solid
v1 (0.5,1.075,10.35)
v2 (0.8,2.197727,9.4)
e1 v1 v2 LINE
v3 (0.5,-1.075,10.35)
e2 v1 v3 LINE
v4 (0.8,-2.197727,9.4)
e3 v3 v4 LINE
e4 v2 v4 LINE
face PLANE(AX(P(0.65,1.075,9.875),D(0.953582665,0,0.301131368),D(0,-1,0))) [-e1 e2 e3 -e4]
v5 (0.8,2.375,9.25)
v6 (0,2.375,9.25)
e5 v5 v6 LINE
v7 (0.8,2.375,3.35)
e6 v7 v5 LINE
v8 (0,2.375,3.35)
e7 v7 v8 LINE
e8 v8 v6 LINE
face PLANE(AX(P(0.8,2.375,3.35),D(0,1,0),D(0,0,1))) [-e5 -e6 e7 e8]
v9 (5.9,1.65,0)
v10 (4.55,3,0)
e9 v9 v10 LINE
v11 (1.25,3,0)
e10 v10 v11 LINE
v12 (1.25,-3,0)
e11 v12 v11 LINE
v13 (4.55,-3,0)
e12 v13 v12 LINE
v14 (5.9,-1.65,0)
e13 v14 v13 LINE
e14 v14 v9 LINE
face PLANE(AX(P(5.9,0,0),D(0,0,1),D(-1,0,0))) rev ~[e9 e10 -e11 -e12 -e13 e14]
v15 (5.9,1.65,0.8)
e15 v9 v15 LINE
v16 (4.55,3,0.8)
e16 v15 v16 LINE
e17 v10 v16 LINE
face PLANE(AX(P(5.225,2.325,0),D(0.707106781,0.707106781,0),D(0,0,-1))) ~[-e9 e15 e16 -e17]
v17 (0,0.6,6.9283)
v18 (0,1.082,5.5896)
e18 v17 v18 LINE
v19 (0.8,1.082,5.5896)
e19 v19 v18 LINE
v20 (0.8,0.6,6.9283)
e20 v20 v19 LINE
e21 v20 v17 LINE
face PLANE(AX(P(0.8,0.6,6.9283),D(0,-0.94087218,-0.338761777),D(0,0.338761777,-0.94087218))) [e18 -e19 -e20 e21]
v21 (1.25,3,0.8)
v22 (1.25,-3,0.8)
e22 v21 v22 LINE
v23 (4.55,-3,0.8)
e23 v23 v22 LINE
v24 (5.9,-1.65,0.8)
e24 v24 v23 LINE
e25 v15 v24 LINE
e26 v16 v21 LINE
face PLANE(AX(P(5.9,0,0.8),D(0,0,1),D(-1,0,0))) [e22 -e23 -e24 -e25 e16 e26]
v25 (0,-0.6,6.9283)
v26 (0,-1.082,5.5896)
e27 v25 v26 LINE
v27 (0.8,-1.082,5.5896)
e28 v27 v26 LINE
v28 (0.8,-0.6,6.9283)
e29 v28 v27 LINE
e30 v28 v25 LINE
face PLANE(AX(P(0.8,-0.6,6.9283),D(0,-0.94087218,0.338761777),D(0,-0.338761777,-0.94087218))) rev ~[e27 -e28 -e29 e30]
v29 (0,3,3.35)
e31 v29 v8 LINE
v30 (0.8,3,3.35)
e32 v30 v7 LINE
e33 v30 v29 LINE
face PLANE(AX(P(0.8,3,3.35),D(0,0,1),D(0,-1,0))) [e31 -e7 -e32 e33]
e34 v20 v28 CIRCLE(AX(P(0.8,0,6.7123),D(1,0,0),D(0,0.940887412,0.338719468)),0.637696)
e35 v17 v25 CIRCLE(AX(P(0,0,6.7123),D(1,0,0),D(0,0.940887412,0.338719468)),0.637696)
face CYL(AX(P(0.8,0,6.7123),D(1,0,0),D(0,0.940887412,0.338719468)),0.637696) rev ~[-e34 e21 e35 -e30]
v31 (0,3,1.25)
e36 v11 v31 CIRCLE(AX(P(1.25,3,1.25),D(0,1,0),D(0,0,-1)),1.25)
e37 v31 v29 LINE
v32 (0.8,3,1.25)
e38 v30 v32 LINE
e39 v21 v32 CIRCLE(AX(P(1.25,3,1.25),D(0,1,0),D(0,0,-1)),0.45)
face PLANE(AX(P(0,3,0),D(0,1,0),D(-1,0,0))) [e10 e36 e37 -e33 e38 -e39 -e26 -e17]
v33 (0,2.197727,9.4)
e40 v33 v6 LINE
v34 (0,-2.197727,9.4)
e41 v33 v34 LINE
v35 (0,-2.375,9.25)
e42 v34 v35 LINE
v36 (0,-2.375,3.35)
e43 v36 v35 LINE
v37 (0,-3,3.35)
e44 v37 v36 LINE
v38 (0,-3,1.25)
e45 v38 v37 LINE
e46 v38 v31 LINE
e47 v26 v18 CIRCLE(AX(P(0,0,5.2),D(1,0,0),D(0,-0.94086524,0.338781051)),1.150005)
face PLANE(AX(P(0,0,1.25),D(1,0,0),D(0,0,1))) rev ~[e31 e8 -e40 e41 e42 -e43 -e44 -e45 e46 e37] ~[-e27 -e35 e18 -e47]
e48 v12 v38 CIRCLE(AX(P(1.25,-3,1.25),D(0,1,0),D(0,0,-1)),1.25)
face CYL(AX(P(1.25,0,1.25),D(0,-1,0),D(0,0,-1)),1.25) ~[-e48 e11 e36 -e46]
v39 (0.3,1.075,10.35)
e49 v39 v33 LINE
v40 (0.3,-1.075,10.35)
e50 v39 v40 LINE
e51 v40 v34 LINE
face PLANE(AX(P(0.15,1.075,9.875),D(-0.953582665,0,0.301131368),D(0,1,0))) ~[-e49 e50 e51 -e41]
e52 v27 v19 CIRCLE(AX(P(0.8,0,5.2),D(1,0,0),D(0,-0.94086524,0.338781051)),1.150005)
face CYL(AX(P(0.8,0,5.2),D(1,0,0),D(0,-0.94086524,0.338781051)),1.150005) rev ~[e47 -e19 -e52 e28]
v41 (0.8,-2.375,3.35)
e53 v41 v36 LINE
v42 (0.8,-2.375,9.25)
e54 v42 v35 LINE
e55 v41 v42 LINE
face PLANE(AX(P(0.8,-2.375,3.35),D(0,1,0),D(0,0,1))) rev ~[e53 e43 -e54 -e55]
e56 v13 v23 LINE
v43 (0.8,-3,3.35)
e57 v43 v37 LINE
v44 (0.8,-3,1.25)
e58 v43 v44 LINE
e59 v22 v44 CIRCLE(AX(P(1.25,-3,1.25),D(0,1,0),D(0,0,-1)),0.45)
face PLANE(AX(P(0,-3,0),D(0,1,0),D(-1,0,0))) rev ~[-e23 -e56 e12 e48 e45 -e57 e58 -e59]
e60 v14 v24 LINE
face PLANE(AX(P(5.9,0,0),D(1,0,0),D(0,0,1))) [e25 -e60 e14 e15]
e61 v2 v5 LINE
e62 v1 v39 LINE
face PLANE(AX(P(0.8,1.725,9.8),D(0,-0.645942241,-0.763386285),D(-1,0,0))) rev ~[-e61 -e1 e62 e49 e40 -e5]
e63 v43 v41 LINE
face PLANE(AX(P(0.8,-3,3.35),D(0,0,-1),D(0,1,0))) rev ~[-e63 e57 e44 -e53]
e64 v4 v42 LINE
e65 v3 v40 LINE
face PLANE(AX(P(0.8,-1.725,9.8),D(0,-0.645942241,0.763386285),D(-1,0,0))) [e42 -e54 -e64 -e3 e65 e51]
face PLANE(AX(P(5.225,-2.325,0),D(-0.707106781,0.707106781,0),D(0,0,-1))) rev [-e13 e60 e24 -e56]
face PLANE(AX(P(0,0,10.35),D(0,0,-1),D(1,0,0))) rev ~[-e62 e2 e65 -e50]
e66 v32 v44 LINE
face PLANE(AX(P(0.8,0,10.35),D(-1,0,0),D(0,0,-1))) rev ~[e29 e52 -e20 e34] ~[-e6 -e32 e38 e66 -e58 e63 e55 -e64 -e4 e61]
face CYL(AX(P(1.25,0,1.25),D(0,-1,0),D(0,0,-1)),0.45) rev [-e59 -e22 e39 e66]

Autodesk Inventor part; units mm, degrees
ref_plane "YZ Plane" through (0, 0, 0) normal (1, 0, 0) x (0, 1, 0)
ref_plane "XZ Plane" through (0, 0, 0) normal (0, 1, 0) x (-1, 0, 0)
ref_plane "XY Plane" through (0, 0, 0) normal (0, 0, 1) x (1, 0, 0)
sketch "Sketch1" plane through (0, 0, 0) normal (0, 1, 0) x (-1, 0, 0)
  line L0 (-5.9, 0) -> (-1.25, 0)
  line L1 (-5.9, 0) -> (-5.9, 0.8)
  line L2 (-5.9, 0.8) -> (-1.25, 0.8)
  line L3 (0, 1.25) -> (0, 10.35)
  line L4 (0, 10.35) -> (-0.8, 10.35)
  line L5 (-0.8, 10.35) -> (-0.8, 1.25)
  arc A0 (-1.25, 0) -> (0, 1.25) centre (-1.25, 1.25) ccw
  arc A1 (-1.25, 0.8) -> (-0.8, 1.25) centre (-1.25, 1.25) ccw
  point P0 (0, 0)
  dimension "d0" = 0.8
  dimension "d1" = 10.35
  dimension "d2" = 5.9
  dimension "d3" = 1.25
extrude "Extrusion1" add sketch "Sketch1" along normal mid plane 6
sketch "Sketch2" plane through (0.8, -3, 1.25) normal (1, 0, 0) x (0, 0, -1)
  line L0 (-9.1, 0) -> (-9.1, 6) projected
  arc A0 (-4.3396, 1.918) -> (-4.3396, 4.082) centre (-3.95, 3) ccw
  arc A1 (-5.6783, 3.6) -> (-5.6783, 2.4) centre (-5.4623, 3) ccw
  line L1 (-5.6783, 3.6) -> (-4.3396, 4.082)
  line L2 (-5.6783, 2.4) -> (-4.3396, 1.918)
  line L3 (1.25, 6) -> (1.25, 0) projected
  line L4 (-9.1, 6) -> (-2.1, 6)
  line L5 (-2.1, 6) -> (-2.1, 5.375)
  line L6 (-2.1, 5.375) -> (-9.1, 5.375)
  line L7 (-9.1, 5.375) -> (-9.1, 6)
  line L8 (-9.1, 0) -> (-2.1, 0)
  line L9 (-2.1, 0) -> (-2.1, 0.625)
  line L10 (-2.1, 0.625) -> (-9.1, 0.625)
  line L11 (-9.1, 0.625) -> (-9.1, 0)
  point P0 (1.25, 3)
  point P1 (1.25, 3)
  dimension "d6" = 3
  dimension "d7" = 3.3
  dimension "d8" = 1.15
  dimension "d9" = 1.2
  dimension "d27" = 4.75
  dimension "d28" = 7
extrude "Extrusion2" cut sketch "Sketch2" against normal through all
chamfer "Chamfer1" distance 1.35 angle 45 2 edges at (5.9, 3, 0.4) (5.9, -3, 0.4)
chamfer "Chamfer2" distance 1.3 distance2 1.1 1 edges at (0.4, -2.375, 10.35) measured on face at (0.2667, -0.7917, 10.35)
chamfer "Chamfer3" distance 1.3 distance2 1.1 1 edges at (0.4, 2.375, 10.35) measured on face at (0.2667, 0.075, 10.35)
chamfer "Chamfer4" distance 0.3 distance2 0.95 1 edges at (0.8, 0, 10.35) measured on face at (0.2667, -0.3583, 10.35)
chamfer "Chamfer5" distance 0.3 distance2 0.95 1 edges at (0, 0, 10.35) measured on face at (0.1667, -0.3583, 10.35)
properties material "Nickel-Copper Alloy 400"
